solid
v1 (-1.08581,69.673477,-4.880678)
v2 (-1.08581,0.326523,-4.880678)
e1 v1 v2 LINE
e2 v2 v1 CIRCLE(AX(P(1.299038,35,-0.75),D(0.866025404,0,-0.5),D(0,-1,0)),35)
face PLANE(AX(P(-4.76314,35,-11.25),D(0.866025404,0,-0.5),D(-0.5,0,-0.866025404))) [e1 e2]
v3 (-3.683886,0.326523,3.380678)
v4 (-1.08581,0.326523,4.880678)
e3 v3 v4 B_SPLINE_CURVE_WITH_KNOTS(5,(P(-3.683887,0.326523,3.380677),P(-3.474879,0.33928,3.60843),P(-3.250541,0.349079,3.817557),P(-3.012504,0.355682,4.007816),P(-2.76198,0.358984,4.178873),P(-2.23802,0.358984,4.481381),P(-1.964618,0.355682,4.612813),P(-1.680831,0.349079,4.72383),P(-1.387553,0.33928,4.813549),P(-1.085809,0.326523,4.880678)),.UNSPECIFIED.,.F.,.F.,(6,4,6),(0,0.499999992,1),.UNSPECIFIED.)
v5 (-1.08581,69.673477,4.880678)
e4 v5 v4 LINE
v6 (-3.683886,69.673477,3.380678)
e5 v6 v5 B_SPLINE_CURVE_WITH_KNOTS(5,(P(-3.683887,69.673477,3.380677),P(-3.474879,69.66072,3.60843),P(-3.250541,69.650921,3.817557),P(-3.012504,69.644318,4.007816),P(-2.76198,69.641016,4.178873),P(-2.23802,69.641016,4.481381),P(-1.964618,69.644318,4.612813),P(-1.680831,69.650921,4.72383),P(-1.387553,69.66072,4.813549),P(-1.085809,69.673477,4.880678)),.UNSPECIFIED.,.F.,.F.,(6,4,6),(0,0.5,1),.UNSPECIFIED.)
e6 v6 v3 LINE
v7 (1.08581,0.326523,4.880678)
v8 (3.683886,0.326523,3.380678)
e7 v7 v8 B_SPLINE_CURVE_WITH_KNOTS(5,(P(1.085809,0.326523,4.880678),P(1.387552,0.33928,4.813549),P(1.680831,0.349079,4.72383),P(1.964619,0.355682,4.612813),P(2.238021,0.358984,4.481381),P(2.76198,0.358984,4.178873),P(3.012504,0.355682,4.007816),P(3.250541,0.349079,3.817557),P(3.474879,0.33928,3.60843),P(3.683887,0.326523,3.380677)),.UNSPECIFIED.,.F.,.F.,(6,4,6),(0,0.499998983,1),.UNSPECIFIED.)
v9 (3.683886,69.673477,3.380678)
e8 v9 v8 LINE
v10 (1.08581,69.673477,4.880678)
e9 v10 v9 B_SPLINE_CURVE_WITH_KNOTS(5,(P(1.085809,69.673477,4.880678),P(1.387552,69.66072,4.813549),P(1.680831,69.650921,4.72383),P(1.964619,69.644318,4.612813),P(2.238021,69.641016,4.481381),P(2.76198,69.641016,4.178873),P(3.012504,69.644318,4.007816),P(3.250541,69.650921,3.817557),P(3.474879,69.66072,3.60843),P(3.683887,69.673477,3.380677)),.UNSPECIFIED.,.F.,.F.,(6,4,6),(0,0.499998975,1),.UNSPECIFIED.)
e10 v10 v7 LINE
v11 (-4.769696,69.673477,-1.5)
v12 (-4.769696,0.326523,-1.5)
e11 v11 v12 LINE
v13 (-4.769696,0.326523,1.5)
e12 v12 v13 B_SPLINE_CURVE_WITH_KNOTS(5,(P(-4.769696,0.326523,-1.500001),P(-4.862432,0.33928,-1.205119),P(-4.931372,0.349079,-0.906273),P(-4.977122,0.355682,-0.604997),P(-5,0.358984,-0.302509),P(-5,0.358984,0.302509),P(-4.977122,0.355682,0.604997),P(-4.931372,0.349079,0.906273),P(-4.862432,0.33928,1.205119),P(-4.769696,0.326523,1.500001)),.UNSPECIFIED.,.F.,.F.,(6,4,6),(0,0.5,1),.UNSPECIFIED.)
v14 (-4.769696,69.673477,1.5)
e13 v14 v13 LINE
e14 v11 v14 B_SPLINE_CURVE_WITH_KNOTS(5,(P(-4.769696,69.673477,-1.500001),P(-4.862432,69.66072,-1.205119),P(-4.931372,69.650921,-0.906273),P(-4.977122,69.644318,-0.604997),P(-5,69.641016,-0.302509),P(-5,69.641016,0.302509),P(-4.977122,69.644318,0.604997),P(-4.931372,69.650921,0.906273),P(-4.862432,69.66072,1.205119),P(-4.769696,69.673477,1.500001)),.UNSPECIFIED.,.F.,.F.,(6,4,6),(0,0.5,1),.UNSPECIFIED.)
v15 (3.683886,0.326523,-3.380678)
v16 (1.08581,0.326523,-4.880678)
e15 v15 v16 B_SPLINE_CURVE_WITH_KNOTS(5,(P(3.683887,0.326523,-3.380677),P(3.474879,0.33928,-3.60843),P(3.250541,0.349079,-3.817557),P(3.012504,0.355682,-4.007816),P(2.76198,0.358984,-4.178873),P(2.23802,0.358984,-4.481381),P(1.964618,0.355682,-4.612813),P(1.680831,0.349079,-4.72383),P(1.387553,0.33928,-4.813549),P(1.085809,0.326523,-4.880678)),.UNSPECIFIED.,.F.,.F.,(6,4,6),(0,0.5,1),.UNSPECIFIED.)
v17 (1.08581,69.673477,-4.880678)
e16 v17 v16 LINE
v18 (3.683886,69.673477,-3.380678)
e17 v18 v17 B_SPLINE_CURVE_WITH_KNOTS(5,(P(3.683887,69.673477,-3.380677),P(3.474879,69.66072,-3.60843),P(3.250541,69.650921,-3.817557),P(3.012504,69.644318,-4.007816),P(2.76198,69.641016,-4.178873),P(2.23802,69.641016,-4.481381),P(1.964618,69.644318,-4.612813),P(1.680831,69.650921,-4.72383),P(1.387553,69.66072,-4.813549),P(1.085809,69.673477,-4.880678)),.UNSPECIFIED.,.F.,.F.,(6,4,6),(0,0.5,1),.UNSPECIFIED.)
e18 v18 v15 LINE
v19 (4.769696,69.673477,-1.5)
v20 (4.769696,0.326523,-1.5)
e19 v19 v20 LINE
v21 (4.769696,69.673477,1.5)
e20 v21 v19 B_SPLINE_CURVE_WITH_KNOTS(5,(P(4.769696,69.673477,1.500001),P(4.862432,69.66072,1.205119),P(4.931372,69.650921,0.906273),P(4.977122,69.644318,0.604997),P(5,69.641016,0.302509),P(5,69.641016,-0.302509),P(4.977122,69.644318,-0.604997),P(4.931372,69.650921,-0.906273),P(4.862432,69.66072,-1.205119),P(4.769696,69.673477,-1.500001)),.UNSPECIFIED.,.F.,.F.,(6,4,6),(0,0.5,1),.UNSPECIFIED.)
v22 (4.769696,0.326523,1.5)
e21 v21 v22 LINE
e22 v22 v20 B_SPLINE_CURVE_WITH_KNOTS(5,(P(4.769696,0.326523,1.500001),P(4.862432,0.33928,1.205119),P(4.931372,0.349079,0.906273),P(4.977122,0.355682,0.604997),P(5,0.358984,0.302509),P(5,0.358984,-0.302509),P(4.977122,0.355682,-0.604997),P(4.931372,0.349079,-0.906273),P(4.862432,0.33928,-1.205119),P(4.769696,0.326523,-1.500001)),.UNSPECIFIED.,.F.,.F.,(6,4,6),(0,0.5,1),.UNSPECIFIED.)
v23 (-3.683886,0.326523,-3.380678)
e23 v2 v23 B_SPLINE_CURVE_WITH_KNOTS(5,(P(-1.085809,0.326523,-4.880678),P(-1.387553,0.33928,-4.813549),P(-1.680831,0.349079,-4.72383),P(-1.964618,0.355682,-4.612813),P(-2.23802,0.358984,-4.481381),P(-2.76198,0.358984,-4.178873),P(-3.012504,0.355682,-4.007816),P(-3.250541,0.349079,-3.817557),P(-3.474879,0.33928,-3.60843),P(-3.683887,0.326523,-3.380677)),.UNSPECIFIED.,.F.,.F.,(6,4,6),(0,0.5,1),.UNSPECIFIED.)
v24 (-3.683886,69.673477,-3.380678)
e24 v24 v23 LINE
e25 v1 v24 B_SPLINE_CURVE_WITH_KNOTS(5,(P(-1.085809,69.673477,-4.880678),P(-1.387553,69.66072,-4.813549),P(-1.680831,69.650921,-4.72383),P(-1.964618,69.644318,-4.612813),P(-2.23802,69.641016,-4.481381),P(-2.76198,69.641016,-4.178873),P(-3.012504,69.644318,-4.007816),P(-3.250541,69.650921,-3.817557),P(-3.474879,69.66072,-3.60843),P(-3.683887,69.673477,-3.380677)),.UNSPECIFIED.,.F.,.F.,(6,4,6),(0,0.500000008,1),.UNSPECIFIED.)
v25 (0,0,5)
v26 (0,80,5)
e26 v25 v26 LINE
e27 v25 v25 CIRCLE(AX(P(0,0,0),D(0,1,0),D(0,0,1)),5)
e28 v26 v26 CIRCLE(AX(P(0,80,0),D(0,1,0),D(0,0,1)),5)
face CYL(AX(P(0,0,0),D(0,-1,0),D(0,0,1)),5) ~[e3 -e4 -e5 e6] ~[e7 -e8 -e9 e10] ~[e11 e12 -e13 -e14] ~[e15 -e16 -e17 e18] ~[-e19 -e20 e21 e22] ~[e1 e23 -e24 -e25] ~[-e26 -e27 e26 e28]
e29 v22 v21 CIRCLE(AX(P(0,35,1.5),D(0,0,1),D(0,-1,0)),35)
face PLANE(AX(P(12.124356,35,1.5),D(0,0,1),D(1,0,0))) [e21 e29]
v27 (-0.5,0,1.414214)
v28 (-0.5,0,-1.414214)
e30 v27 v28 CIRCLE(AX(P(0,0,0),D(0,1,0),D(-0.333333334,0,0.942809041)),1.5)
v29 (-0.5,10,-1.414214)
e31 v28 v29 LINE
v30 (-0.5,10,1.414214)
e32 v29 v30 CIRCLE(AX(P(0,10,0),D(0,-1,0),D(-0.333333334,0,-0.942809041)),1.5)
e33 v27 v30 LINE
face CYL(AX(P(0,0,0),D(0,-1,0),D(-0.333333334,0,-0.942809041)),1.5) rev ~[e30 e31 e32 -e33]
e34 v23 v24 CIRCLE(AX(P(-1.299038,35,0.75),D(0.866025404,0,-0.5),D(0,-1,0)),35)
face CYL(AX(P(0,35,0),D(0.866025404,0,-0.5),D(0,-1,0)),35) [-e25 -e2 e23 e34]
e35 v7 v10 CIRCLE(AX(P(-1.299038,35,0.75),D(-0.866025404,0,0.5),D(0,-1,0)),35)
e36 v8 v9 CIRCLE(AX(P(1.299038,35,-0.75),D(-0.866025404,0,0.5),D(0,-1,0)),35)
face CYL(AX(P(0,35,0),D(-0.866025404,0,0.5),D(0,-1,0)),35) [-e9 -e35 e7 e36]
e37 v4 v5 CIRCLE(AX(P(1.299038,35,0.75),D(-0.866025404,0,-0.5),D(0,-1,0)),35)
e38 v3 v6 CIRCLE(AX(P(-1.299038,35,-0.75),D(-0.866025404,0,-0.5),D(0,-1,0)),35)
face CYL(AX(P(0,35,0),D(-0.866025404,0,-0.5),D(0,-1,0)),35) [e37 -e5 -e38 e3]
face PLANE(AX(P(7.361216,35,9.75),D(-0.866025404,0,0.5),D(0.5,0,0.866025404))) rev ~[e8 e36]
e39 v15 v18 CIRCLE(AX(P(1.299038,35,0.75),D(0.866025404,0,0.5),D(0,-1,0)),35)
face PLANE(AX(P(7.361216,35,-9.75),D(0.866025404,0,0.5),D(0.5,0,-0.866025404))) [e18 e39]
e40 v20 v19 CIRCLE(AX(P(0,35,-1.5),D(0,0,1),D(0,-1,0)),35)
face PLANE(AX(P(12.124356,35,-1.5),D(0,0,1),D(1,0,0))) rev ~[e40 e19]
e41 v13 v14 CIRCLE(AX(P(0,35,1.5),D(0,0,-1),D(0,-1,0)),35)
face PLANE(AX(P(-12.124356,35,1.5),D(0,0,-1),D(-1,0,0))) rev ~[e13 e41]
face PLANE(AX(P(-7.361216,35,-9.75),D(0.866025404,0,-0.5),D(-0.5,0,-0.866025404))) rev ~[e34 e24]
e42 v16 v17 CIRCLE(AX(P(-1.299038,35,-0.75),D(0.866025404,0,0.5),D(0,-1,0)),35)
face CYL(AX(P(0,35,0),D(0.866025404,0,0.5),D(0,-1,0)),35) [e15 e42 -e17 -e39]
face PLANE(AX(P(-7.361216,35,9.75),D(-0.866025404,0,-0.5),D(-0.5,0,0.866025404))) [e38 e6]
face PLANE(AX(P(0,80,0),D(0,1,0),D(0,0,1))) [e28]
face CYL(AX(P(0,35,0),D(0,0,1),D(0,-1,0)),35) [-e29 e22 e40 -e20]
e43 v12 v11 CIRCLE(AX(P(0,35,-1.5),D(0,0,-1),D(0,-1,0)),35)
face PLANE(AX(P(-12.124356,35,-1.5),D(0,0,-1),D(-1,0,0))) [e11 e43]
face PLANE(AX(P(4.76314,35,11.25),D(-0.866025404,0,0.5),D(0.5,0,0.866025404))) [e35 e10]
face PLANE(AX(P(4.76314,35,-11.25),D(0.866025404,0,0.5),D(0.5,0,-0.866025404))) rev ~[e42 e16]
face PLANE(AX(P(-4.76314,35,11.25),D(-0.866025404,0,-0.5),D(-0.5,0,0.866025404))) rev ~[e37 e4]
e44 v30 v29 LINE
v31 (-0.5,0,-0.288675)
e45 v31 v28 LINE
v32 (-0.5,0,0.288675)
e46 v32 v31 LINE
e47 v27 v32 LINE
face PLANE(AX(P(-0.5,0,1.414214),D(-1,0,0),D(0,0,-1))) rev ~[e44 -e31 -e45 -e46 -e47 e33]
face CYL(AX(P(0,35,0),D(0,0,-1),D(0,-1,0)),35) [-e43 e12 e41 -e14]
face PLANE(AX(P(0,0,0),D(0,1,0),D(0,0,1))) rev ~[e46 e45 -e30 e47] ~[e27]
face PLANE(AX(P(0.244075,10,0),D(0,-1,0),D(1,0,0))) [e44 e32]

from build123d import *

# Parameters (mm, degrees)
SKETCH2_R           = 5
BOSS_EXTRUDE1_DEPTH = 80
BOSS_EXTRUDE2_DEPTH = 1.5
CIRPATTERN1_COUNT   = 6
CUT_EXTRUDE1_DEPTH  = 10


with BuildPart() as part:
    # Sketch2 → Boss-Extrude1 (new body)
    with BuildSketch(Plane(origin=(0, 0, 0), x_dir=(1, 0, 0), z_dir=(0, 1, 0))):
        Circle(SKETCH2_R)
    extrude(amount=BOSS_EXTRUDE1_DEPTH)

    # Sketch3 → Boss-Extrude2 (add, symmetric)
    with BuildSketch(Plane.XY):
        with BuildLine():
            Line((0, 70), (0, 0))
            ThreePointArc((0, 0), (35, 35), (0, 70))
        make_face()
    boss_extrude2 = extrude(amount=BOSS_EXTRUDE2_DEPTH, both=True)

    # CirPattern1: Boss-Extrude2 ×6 about axis
    cirpattern1_axis = Axis((0, 80, 0), (0, -1, 0))
    for i in range(1, CIRPATTERN1_COUNT):
        add(boss_extrude2.rotate(cirpattern1_axis, i * 360 / CIRPATTERN1_COUNT))

    # Sketch4 → Cut-Extrude1 (cut)
    with BuildSketch(Plane.XZ):
        with BuildLine():
            Line((-0.5, 1.414213562), (-0.5, -1.414213562))
            ThreePointArc((-0.5, -1.414213562), (1.5, 0), (-0.5, 1.414213562))
        make_face()
    extrude(amount=-CUT_EXTRUDE1_DEPTH, mode=Mode.SUBTRACT)


solid = part.part
